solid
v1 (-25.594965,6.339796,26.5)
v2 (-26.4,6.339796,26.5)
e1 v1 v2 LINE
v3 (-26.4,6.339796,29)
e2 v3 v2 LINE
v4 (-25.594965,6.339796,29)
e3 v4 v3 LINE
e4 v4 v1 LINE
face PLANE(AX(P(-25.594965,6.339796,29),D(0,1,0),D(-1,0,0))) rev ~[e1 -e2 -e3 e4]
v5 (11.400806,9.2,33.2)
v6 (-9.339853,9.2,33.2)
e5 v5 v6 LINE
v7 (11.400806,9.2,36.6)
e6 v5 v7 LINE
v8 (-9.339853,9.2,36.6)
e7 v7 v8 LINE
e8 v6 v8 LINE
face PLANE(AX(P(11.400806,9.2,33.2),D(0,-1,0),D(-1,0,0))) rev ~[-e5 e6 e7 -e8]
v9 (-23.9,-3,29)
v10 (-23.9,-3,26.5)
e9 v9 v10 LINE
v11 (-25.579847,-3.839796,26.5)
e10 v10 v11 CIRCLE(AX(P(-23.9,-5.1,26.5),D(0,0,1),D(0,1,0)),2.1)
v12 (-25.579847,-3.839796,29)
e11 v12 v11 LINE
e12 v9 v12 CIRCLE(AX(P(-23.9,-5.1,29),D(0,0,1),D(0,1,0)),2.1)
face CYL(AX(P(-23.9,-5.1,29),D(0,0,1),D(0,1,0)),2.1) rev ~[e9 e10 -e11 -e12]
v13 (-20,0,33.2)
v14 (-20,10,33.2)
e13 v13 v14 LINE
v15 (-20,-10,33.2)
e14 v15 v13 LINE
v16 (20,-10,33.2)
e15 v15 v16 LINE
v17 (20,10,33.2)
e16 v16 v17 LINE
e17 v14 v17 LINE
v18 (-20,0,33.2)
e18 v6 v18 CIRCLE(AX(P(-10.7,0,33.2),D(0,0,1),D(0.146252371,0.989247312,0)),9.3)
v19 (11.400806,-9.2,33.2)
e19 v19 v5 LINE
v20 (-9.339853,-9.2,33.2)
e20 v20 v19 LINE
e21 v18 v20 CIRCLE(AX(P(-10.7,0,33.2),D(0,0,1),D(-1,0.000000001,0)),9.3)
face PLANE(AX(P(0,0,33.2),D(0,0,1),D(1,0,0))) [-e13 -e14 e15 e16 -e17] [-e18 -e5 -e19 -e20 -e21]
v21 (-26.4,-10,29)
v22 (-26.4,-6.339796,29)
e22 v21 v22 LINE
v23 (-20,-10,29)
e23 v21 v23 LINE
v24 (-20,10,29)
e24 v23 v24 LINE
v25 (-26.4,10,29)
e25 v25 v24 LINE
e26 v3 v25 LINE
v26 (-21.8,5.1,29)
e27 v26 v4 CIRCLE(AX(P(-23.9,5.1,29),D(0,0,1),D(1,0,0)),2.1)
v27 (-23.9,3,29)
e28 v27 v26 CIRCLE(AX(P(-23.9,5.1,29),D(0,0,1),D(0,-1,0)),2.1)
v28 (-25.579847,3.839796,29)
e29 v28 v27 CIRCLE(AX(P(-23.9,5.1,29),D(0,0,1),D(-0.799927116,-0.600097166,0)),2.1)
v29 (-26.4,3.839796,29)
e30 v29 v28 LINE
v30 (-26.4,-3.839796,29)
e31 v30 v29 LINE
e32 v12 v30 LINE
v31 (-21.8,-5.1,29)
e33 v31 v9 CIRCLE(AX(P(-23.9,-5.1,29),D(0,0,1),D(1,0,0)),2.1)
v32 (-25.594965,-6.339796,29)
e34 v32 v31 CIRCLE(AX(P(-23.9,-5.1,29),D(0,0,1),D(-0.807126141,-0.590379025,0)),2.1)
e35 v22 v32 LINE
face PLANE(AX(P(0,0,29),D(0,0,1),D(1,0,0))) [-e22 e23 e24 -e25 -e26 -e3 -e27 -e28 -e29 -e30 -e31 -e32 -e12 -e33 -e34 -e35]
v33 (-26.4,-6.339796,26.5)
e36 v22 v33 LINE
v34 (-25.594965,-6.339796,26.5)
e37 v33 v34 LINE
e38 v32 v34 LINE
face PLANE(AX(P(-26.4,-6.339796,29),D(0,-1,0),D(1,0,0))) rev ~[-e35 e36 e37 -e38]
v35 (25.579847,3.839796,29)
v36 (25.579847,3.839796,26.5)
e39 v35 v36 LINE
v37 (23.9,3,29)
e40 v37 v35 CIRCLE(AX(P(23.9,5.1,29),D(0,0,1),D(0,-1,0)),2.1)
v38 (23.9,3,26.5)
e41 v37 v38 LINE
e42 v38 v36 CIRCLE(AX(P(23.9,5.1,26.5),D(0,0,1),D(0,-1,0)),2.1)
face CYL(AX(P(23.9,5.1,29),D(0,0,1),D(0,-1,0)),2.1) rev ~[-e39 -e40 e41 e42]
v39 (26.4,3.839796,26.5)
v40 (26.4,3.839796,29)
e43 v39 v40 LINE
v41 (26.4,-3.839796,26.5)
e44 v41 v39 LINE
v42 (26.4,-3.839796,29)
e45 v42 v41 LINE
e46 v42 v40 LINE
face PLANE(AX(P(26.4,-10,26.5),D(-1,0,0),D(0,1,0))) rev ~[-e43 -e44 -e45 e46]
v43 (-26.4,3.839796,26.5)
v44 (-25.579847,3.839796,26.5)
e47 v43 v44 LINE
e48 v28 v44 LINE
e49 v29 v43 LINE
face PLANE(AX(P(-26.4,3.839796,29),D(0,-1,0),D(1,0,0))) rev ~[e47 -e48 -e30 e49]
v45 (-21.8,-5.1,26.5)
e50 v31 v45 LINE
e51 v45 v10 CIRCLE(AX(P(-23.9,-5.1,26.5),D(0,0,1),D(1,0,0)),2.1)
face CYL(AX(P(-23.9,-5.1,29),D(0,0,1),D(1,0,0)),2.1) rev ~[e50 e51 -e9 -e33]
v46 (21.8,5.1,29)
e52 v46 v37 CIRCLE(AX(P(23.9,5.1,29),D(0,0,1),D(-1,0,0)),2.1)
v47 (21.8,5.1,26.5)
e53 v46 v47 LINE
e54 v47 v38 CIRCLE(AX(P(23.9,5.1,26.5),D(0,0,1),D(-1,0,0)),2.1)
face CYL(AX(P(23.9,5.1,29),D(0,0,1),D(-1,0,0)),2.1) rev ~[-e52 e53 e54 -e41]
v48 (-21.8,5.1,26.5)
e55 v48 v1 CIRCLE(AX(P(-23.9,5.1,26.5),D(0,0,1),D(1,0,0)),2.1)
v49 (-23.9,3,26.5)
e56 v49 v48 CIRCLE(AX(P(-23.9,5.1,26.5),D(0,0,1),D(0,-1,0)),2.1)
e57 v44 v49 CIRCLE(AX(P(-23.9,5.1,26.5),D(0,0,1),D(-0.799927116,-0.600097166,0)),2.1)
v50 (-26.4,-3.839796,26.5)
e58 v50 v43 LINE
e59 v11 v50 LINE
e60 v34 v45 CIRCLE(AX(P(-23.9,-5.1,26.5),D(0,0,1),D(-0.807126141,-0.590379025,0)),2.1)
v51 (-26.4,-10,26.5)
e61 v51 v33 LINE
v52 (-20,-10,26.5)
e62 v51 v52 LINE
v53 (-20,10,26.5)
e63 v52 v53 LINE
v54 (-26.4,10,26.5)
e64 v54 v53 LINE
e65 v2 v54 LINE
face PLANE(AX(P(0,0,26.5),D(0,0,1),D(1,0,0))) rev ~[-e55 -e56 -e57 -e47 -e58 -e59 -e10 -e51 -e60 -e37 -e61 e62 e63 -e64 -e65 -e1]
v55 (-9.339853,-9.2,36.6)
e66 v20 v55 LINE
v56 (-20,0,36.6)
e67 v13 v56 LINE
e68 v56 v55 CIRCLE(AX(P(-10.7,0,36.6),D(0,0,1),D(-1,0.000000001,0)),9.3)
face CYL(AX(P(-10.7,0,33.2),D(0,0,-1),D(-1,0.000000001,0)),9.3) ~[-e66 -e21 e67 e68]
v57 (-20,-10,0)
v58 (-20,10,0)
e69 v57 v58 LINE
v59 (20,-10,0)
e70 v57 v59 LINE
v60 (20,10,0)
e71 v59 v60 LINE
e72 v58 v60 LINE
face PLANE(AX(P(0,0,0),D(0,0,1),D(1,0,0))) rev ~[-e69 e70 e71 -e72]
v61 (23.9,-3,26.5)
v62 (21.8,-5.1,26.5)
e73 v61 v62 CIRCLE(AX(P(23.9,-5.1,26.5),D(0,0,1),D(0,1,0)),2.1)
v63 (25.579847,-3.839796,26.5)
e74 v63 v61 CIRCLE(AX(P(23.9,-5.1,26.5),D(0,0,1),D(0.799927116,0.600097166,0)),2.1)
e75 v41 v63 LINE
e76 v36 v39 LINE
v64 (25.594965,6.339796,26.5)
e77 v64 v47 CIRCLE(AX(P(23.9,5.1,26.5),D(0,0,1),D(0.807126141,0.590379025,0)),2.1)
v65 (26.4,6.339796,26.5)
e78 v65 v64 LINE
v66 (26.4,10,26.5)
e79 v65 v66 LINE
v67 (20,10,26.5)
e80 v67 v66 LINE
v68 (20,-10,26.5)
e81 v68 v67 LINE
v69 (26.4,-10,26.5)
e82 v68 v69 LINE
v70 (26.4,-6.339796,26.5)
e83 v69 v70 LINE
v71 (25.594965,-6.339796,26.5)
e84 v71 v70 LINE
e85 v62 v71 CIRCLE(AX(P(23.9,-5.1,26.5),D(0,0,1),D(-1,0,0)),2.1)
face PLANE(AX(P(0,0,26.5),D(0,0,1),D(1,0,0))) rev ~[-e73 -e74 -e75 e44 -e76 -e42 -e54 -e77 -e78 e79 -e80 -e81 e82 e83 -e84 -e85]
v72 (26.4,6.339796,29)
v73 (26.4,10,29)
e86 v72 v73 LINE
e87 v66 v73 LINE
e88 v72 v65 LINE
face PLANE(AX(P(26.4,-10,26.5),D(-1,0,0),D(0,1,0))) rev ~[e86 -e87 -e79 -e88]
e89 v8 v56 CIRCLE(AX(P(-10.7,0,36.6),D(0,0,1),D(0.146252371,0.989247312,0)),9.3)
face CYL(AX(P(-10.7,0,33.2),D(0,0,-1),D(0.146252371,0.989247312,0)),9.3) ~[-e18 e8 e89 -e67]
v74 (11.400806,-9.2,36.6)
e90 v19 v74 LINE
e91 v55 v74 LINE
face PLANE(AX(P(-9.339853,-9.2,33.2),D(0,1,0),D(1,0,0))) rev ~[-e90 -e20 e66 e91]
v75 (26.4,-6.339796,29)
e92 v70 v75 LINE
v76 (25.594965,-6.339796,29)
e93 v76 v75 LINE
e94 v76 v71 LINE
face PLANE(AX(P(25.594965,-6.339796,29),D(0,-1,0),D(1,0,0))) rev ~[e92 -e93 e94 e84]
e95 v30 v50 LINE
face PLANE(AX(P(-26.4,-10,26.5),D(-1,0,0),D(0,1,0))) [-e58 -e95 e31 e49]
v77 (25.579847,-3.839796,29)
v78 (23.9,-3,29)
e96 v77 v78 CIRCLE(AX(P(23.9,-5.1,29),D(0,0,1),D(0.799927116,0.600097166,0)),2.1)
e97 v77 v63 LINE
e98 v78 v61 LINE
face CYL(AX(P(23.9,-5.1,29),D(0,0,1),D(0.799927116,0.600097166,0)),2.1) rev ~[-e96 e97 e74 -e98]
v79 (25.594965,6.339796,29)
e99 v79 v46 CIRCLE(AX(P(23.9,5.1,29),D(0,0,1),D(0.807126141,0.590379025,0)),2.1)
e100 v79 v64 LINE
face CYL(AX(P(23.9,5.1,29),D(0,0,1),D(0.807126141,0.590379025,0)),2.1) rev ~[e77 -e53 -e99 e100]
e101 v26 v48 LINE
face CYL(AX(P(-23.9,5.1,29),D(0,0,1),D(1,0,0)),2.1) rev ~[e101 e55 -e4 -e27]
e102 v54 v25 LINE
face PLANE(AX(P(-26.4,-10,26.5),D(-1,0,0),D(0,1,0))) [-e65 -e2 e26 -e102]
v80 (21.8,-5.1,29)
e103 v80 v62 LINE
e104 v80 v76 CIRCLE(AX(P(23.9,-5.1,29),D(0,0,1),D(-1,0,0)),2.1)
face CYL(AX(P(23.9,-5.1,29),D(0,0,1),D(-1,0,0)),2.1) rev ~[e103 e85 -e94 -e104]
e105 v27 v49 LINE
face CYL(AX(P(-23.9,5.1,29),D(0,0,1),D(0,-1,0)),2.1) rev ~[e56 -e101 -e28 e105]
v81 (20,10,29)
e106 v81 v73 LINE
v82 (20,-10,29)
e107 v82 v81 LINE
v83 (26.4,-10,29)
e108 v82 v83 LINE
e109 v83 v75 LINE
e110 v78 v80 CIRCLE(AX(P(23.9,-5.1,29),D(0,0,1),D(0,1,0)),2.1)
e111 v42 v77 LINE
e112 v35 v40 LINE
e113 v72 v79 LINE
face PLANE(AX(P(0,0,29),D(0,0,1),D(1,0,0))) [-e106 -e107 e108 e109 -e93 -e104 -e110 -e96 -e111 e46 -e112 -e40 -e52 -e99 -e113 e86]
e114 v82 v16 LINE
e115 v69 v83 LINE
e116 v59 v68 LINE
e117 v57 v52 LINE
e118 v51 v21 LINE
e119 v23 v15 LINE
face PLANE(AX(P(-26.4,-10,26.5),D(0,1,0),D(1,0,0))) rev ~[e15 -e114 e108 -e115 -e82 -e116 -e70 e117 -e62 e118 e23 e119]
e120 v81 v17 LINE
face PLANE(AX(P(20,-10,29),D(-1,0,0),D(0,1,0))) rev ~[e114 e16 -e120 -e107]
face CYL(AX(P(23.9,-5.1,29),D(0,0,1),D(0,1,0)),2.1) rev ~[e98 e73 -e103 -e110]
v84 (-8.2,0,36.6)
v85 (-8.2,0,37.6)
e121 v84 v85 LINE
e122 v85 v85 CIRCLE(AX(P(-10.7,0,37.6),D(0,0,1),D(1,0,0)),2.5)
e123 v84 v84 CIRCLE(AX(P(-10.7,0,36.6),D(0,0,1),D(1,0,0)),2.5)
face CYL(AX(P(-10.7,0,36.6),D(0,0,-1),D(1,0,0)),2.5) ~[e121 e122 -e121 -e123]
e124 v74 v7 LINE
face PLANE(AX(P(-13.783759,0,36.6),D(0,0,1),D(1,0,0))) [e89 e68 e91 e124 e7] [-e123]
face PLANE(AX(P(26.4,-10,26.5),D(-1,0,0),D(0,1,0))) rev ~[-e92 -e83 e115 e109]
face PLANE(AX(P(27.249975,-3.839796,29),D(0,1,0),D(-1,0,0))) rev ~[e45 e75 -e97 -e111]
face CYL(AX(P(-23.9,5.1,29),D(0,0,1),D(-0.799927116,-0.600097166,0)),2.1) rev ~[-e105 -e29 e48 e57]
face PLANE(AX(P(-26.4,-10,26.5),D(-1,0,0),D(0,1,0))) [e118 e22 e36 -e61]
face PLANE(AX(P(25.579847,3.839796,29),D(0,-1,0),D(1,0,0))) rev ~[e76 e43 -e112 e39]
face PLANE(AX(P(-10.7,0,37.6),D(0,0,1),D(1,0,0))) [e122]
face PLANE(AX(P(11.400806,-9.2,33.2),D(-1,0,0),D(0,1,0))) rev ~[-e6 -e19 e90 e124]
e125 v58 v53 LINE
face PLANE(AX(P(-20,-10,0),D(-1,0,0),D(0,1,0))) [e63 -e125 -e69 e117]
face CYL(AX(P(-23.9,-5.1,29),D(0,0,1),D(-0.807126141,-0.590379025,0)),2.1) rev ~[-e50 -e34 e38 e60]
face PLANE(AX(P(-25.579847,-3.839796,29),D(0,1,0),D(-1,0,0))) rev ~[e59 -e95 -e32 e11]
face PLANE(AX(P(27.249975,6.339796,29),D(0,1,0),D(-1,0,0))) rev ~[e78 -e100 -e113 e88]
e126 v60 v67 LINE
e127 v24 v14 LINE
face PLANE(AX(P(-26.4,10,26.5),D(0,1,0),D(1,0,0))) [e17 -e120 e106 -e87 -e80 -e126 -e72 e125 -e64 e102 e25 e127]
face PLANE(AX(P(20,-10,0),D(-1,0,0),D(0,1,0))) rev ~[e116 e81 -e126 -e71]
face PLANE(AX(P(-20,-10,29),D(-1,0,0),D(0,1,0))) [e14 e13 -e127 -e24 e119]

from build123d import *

# Parameters (mm, degrees)
F0_W      = 40
F0_H      = 20
F1_DEPTH  = 26.5
F2_W      = 52.8
F2_H      = 20
F3_DEPTH  = 2.5
F4_W      = 40
F4_H      = 20
F5_DEPTH  = 4.2
F7_DEPTH  = 3.4
F8_R      = 2.5
F9_DEPTH  = 1
F11_DEPTH = 29.001


with BuildPart() as f1:
    # F0 (on Top) → F1 (new body)
    with BuildSketch(Plane.XY):
        Rectangle(F0_W, F0_H)
    extrude(amount=F1_DEPTH)

    # F2 (on face) → F3 (join)
    with BuildSketch(Plane.XY.offset(26.5)):
        Rectangle(F2_W, F2_H)
    extrude(amount=F3_DEPTH)

    # F4 (on face) → F5 (join)
    with BuildSketch(Plane.XY.offset(29)):
        Rectangle(F4_W, F4_H)
    extrude(amount=F5_DEPTH)

    # F6 (on face) → F7 (join)
    with BuildSketch(Plane.XY.offset(33.2)):
        with BuildLine():
            Line((-10.7, 9.2), (-9.3398529491, 9.2))
            ThreePointArc((-9.3398529491, 9.2), (-16.7762090282, 7.0405741134), (-20, 1.29e-08))
            ThreePointArc((-20, 1.29e-08), (-16.7762090379, -7.040574105), (-9.3398529491, -9.2))
            Line((-9.3398529491, -9.2), (-10.7, -9.2))
            Line((-10.7, -9.2), (-10.7, 9.2))
        make_face()
        with BuildLine():
            ThreePointArc((-9.3398529491, -9.2), (-3.6594258908, -6.0762090331), (-1.4, 0))
            ThreePointArc((-1.4, 0), (-3.6594258908, 6.0762090331), (-9.3398529491, 9.2))
            Line((-9.3398529491, 9.2), (-10.7, 9.2))
            Line((-10.7, 9.2), (-10.7, -9.2))
            Line((-10.7, -9.2), (-9.3398529491, -9.2))
        make_face()
        with BuildLine():
            ThreePointArc((-9.3398529491, 9.2), (-3.6594258908, 6.0762090331), (-1.4, 0))
            ThreePointArc((-1.4, 0), (-3.6594258908, -6.0762090331), (-9.3398529491, -9.2))
            Line((-9.3398529491, -9.2), (11.4008062363, -9.2))
            Line((11.4008062363, -9.2), (11.4008062363, 9.2))
            Line((11.4008062363, 9.2), (-9.3398529491, 9.2))
        make_face()
    extrude(amount=F7_DEPTH)

    # F8 (on face) → F9 (join)
    with BuildSketch(Plane.XY.offset(36.6)):
        with Locations((-10.7, 0)):
            Circle(F8_R)
    extrude(amount=F9_DEPTH)

    # F10 (on face) → F11 (cut, through all)
    with BuildSketch(Plane.XY.offset(29)):
        with BuildLine():
            Line((-23.9, 3), (-23.9, 5.1))
            Line((-23.9, 5.1), (-21.8, 5.1))
            ThreePointArc((-21.8, 5.1), (-23.2478597857, 7.0961746268), (-25.594964896, 6.3397959514))
            Line((-25.594964896, 6.3397959514), (-24.7499752088, 6.3397959514))
            Line((-24.7499752088, 6.3397959514), (-24.7499752088, 3.8397959514))
            Line((-24.7499752088, 3.8397959514), (-25.5798469442, 3.8397959514))
            ThreePointArc((-25.5798469442, 3.8397959514), (-24.839034477, 3.2216458665), (-23.9, 3))
        make_face()
        with BuildLine():
            Line((-21.8, 5.1), (-23.9, 5.1))
            Line((-23.9, 5.1), (-23.9, 3))
            ThreePointArc((-23.9, 3), (-22.4150757595, 3.6150757595), (-21.8, 5.1))
        make_face()
        with BuildLine():
            Line((-24.7499752088, 6.3397959514), (-25.594964896, 6.3397959514))
            ThreePointArc((-25.594964896, 6.3397959514), (-25.9999616042, 5.0873011527), (-25.5798469442, 3.8397959514))
            Line((-25.5798469442, 3.8397959514), (-24.7499752088, 3.8397959514))
            Line((-24.7499752088, 3.8397959514), (-24.7499752088, 6.3397959514))
        make_face()
        with BuildLine():
            Line((-23.9, -5.1), (-23.9, -3))
            ThreePointArc((-23.9, -3), (-24.839034477, -3.2216458665), (-25.5798469442, -3.8397959514))
            Line((-25.5798469442, -3.8397959514), (-24.7499752088, -3.8397959514))
            Line((-24.7499752088, -3.8397959514), (-24.7499752088, -6.3397959514))
            Line((-24.7499752088, -6.3397959514), (-25.594964896, -6.3397959514))
            ThreePointArc((-25.594964896, -6.3397959514), (-23.2478597857, -7.0961746268), (-21.8, -5.1))
            Line((-21.8, -5.1), (-23.9, -5.1))
        make_face()
        with BuildLine():
            ThreePointArc((-21.8, -5.1), (-22.4150757595, -3.6150757595), (-23.9, -3))
            Line((-23.9, -3), (-23.9, -5.1))
            Line((-23.9, -5.1), (-21.8, -5.1))
        make_face()
        with BuildLine():
            Line((-24.7499752088, -3.8397959514), (-25.5798469442, -3.8397959514))
            ThreePointArc((-25.5798469442, -3.8397959514), (-25.9999616042, -5.0873011527), (-25.594964896, -6.3397959514))
            Line((-25.594964896, -6.3397959514), (-24.7499752088, -6.3397959514))
            Line((-24.7499752088, -6.3397959514), (-24.7499752088, -3.8397959514))
        make_face()
        with BuildLine():
            ThreePointArc((26, 5.1), (25.8961746268, 5.7521402143), (25.594964896, 6.3397959514))
            Line((25.594964896, 6.3397959514), (24.7499752088, 6.3397959514))
            Line((24.7499752088, 6.3397959514), (24.7499752088, 3.8397959514))
            Line((24.7499752088, 3.8397959514), (25.5798469442, 3.8397959514))
            ThreePointArc((25.5798469442, 3.8397959514), (25.8921945918, 4.4358007012), (26, 5.1))
        make_face()
        with BuildLine():
            ThreePointArc((25.594964896, 6.3397959514), (23.2478597857, 7.0961746268), (21.8, 5.1))
            Line((21.8, 5.1), (23.9, 5.1))
            Line((23.9, 5.1), (23.9, 3))
            ThreePointArc((23.9, 3), (24.839034477, 3.2216458665), (25.5798469442, 3.8397959514))
            Line((25.5798469442, 3.8397959514), (24.7499752088, 3.8397959514))
            Line((24.7499752088, 3.8397959514), (24.7499752088, 6.3397959514))
            Line((24.7499752088, 6.3397959514), (25.594964896, 6.3397959514))
        make_face()
        with BuildLine():
            Line((23.9, 5.1), (21.8, 5.1))
            ThreePointArc((21.8, 5.1), (22.4150757595, 3.6150757595), (23.9, 3))
            Line((23.9, 3), (23.9, 5.1))
        make_face()
        with BuildLine():
            Line((27.2499752088, 6.3397959514), (25.594964896, 6.3397959514))
            ThreePointArc((25.594964896, 6.3397959514), (25.8961746268, 5.7521402143), (26, 5.1))
            ThreePointArc((26, 5.1), (25.8921945918, 4.4358007012), (25.5798469442, 3.8397959514))
            Line((25.5798469442, 3.8397959514), (27.2499752088, 3.8397959514))
            Line((27.2499752088, 3.8397959514), (27.2499752088, 6.3397959514))
        make_face()
        with BuildLine():
            ThreePointArc((26, -5.1), (25.8961746268, -5.7521402143), (25.594964896, -6.3397959514))
            Line((25.594964896, -6.3397959514), (27.2499752088, -6.3397959514))
            Line((27.2499752088, -6.3397959514), (27.2499752088, -3.8397959514))
            Line((27.2499752088, -3.8397959514), (25.5798469442, -3.8397959514))
            ThreePointArc((25.5798469442, -3.8397959514), (25.8921945918, -4.4358007012), (26, -5.1))
        make_face()
        with BuildLine():
            Line((23.9, -5.1), (21.8, -5.1))
            ThreePointArc((21.8, -5.1), (23.2478597857, -7.0961746268), (25.594964896, -6.3397959514))
            Line((25.594964896, -6.3397959514), (24.7499752088, -6.3397959514))
            Line((24.7499752088, -6.3397959514), (24.7499752088, -3.8397959514))
            Line((24.7499752088, -3.8397959514), (25.5798469442, -3.8397959514))
            ThreePointArc((25.5798469442, -3.8397959514), (24.839034477, -3.2216458665), (23.9, -3))
            Line((23.9, -3), (23.9, -5.1))
        make_face()
        with BuildLine():
            ThreePointArc((23.9, -3), (22.4150757595, -3.6150757595), (21.8, -5.1))
            Line((21.8, -5.1), (23.9, -5.1))
            Line((23.9, -5.1), (23.9, -3))
        make_face()
        with BuildLine():
            Line((24.7499752088, -6.3397959514), (25.594964896, -6.3397959514))
            ThreePointArc((25.594964896, -6.3397959514), (25.8961746268, -5.7521402143), (26, -5.1))
            ThreePointArc((26, -5.1), (25.8921945918, -4.4358007012), (25.5798469442, -3.8397959514))
            Line((25.5798469442, -3.8397959514), (24.7499752088, -3.8397959514))
            Line((24.7499752088, -3.8397959514), (24.7499752088, -6.3397959514))
        make_face()
        with BuildLine():
            ThreePointArc((-25.594964896, -6.3397959514), (-25.9999616042, -5.0873011527), (-25.5798469442, -3.8397959514))
            Line((-25.5798469442, -3.8397959514), (-26.4, -3.8397959514))
            Line((-26.4, -3.8397959514), (-26.4, -6.3397959514))
            Line((-26.4, -6.3397959514), (-25.594964896, -6.3397959514))
        make_face()
        with BuildLine():
            ThreePointArc((-25.5798469442, 3.8397959514), (-25.9999616042, 5.0873011527), (-25.594964896, 6.3397959514))
            Line((-25.594964896, 6.3397959514), (-26.4, 6.3397959514))
            Line((-26.4, 6.3397959514), (-26.4, 3.8397959514))
            Line((-26.4, 3.8397959514), (-25.5798469442, 3.8397959514))
        make_face()
    extrude(amount=-F11_DEPTH, mode=Mode.SUBTRACT)


solid = f1.part
